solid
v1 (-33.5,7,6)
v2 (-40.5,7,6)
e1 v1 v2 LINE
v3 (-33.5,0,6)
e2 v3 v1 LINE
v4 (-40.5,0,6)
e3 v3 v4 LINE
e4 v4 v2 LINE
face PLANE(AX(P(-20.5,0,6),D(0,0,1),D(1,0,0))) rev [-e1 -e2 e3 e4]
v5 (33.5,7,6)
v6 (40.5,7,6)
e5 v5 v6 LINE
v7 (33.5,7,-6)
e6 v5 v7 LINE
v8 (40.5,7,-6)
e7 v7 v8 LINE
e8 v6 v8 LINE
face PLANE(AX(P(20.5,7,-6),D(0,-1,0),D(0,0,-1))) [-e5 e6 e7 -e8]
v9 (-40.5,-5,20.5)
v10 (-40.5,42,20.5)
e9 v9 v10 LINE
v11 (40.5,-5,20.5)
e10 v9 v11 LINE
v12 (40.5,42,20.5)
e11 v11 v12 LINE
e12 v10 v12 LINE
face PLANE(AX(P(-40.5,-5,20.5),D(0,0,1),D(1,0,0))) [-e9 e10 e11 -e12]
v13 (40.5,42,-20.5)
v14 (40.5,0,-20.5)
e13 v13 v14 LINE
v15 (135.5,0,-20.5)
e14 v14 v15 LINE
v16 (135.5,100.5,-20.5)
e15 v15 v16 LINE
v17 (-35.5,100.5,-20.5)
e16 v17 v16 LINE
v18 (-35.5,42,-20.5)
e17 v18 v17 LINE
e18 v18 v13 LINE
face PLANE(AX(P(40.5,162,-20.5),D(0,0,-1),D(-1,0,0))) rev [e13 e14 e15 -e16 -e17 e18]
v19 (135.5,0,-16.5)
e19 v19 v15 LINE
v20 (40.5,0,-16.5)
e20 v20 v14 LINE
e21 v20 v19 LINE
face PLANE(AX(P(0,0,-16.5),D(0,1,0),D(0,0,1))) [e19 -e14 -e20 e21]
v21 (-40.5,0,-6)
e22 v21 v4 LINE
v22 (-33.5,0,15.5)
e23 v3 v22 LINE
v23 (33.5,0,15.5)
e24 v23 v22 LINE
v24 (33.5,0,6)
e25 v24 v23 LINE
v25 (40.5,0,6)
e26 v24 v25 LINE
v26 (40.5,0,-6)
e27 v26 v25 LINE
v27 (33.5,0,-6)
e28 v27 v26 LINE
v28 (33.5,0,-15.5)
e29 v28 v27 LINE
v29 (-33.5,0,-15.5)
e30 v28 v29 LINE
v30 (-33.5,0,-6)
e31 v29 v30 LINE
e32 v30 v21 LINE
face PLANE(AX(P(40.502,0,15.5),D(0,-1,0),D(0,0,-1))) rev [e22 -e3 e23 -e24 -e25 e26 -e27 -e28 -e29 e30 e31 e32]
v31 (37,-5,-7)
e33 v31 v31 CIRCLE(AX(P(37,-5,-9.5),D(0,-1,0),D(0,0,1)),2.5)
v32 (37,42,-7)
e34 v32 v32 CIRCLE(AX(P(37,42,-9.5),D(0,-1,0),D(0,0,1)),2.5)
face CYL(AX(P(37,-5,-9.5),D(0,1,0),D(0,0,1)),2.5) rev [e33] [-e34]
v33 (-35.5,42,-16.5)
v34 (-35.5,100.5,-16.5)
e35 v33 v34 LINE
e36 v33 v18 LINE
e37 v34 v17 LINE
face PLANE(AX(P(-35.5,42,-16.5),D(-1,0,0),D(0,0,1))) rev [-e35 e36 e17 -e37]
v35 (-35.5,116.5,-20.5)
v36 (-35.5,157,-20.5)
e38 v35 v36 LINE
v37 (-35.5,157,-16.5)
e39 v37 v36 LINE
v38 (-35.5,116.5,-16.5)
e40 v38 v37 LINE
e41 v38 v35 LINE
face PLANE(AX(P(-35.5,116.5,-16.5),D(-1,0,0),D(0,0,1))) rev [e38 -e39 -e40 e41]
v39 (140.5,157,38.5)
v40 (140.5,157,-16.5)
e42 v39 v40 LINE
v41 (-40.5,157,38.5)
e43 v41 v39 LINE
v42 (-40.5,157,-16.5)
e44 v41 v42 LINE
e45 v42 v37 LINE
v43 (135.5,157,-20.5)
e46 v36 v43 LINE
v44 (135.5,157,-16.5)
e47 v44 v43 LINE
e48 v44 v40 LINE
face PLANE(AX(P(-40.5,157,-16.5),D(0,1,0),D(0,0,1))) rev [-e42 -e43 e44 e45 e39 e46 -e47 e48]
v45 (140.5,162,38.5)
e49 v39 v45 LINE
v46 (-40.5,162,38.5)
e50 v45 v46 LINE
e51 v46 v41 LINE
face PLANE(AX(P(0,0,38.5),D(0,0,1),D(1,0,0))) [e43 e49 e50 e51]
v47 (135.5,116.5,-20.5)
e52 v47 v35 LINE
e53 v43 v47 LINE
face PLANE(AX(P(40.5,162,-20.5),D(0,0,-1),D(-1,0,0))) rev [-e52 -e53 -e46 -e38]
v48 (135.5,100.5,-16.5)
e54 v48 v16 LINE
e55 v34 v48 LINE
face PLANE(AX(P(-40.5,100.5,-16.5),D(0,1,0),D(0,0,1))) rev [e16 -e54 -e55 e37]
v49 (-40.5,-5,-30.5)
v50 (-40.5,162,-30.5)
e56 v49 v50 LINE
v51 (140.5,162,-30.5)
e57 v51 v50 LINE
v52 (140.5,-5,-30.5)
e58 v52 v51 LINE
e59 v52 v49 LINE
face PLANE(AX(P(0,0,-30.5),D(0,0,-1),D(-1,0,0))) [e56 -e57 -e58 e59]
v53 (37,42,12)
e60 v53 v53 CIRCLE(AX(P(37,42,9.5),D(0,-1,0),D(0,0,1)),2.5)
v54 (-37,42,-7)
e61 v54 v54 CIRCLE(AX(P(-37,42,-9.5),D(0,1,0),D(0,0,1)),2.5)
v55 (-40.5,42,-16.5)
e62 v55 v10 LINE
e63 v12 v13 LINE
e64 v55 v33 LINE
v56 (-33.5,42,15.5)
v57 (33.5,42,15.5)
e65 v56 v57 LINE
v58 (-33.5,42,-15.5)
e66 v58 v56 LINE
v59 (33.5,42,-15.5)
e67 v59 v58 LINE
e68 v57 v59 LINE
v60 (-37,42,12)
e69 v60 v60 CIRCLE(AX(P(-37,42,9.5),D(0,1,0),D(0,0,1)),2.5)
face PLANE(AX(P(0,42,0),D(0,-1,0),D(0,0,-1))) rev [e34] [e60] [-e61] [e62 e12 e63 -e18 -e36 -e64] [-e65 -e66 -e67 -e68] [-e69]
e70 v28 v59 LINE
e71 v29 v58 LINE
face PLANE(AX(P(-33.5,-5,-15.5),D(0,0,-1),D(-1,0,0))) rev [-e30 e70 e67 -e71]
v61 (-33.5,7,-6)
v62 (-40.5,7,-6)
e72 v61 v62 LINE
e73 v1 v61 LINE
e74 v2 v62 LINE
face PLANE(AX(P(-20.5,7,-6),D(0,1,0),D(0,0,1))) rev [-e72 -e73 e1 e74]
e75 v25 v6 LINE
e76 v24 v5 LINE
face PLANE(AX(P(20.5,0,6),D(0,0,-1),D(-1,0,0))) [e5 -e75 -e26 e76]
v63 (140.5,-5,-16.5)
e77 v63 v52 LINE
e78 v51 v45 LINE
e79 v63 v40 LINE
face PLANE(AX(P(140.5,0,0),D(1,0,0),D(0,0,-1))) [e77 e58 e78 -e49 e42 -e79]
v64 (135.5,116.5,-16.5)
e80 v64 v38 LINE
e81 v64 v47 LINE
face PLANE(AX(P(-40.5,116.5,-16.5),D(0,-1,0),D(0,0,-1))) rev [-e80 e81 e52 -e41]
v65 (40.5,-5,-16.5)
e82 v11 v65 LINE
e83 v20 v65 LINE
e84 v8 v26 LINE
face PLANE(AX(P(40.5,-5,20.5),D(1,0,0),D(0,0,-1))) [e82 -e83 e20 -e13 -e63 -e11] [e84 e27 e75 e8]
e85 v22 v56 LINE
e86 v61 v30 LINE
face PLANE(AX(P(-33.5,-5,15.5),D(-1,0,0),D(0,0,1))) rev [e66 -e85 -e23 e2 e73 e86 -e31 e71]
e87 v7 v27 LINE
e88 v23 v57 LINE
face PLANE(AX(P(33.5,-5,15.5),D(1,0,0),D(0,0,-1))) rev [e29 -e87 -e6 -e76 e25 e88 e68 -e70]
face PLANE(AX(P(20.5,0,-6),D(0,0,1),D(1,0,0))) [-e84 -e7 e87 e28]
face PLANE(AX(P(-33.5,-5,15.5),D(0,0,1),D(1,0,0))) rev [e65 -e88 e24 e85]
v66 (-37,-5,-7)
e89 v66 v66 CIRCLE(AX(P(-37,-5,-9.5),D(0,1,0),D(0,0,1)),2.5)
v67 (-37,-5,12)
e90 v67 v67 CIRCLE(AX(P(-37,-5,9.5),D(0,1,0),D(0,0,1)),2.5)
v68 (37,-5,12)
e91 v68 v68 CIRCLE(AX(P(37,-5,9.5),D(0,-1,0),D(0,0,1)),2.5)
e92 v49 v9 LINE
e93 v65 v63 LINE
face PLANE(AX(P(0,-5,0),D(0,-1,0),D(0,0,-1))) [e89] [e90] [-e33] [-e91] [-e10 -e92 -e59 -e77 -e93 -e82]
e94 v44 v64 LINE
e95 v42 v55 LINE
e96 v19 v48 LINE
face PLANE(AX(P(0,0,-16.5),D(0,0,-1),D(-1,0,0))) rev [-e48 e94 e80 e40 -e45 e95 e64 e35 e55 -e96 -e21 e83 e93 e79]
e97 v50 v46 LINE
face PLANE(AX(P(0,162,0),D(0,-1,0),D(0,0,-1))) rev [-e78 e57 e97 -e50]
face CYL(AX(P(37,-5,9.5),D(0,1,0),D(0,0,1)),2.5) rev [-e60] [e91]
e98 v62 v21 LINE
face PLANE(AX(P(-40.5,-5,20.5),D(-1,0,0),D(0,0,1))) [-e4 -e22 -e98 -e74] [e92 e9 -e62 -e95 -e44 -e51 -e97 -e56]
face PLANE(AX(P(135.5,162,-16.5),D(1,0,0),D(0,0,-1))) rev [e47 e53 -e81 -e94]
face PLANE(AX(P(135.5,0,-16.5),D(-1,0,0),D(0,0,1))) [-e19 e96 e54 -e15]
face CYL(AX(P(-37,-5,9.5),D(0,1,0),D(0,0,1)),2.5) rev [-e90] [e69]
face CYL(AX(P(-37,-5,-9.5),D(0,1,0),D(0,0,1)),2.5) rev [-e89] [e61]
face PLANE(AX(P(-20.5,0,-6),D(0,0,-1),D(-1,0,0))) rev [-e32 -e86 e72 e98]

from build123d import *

# Parameters (mm, degrees)
SKETCH2_W                = 81
SKETCH2_H                = 41
SKETCH2_W_2              = 67
SKETCH2_H_2              = 31
BOSS_EXTRUDE1_DEPTH      = 42
BOSS_EXTRUDE1_DEPTH_BACK = 5
BOSS_EXTRUDE2_REACH      = 76
SKETCH3_W                = 31
SKETCH3_H                = 5
SKETCH4_R                = 2.5
CUT_EXTRUDE1_DEPTH       = 48
SKETCH5_W                = 12
SKETCH5_H                = 7
CUT_EXTRUDE2_DEPTH       = 20
SKETCH6_W                = 81
SKETCH6_H                = 47
BOSS_EXTRUDE3_DEPTH      = 10
SKETCH7_W                = 81
SKETCH7_H                = 10
BOSS_EXTRUDE4_DEPTH      = 120
SKETCH9_W                = 10
SKETCH9_H                = 167
BOSS_EXTRUDE6_DEPTH      = 100
SKETCH8_W                = 181
SKETCH8_H                = 16
BOSS_EXTRUDE5_DEPTH      = 4
SKETCH11_W               = 95
SKETCH11_H               = 5
SKETCH11_W_2             = 5
SKETCH11_H_2             = 100.5
SKETCH11_H_3             = 45.5
SKETCH11_W_3             = 181
SKETCH11_H_4             = 58.5
BOSS_EXTRUDE7_DEPTH      = 4
SKETCH12_W               = 181
SKETCH12_H               = 5
BOSS_EXTRUDE8_DEPTH      = 55


with BuildPart() as part:
    # Sketch2 → Boss-Extrude1 (new body, two sides)
    with BuildSketch(Plane(origin=(0, 0, 0), x_dir=(1, 0, 0), z_dir=(0, 1, 0))) as boss_extrude1_sk:
        Rectangle(SKETCH2_W, SKETCH2_H)
        Rectangle(SKETCH2_W_2, SKETCH2_H_2, mode=Mode.SUBTRACT)
    extrude(amount=BOSS_EXTRUDE1_DEPTH)
    extrude(boss_extrude1_sk.sketch, amount=-BOSS_EXTRUDE1_DEPTH_BACK)

    # Sketch3 → Boss-Extrude2 (add, up to next)
    with BuildSketch(Plane(origin=(-33.5, 0, 0), x_dir=(0, 0, -1), z_dir=(1, 0, 0)), mode=Mode.PRIVATE) as boss_extrude2_sk1:
        with Locations((0, -2.5)):
            Rectangle(SKETCH3_W, SKETCH3_H)
    boss_extrude2_tool1 = extrude(boss_extrude2_sk1.sketch, amount=BOSS_EXTRUDE2_REACH, mode=Mode.PRIVATE) - part.part
    add(boss_extrude2_tool1.solids().sort_by_distance((-33.5, -2.5, 0))[0])

    # Sketch4 → Cut-Extrude1 (cut, through all)
    with BuildSketch(Plane(origin=(0, 42, 0), x_dir=(1, 0, 0), z_dir=(0, 1, 0))):
        with Locations((-37, 9.5)):
            Circle(SKETCH4_R)
        with Locations((-37, -9.5)):
            Circle(SKETCH4_R)
    cut_extrude1 = extrude(amount=-CUT_EXTRUDE1_DEPTH, mode=Mode.SUBTRACT)

    # Sketch5 → Cut-Extrude2 (cut)
    with BuildSketch(Plane.ZY.offset(40.5)):
        with Locations((0, 3.5)):
            Rectangle(SKETCH5_W, SKETCH5_H)
    cut_extrude2 = extrude(amount=-CUT_EXTRUDE2_DEPTH, mode=Mode.SUBTRACT)

    # Mirror1: Cut-Extrude1, Cut-Extrude2 across plane
    add(cut_extrude1.mirror(Plane(origin=(0, 0, 0), x_dir=(0, 0, 1), z_dir=(1, 0, 0))), mode=Mode.SUBTRACT)
    add(cut_extrude2.mirror(Plane(origin=(0, 0, 0), x_dir=(0, 0, 1), z_dir=(1, 0, 0))), mode=Mode.SUBTRACT)

    # Sketch6 → Boss-Extrude3 (add)
    with BuildSketch(Plane(origin=(0, 0, -20.5), x_dir=(-1, 0, 0), z_dir=(0, 0, -1))):
        with Locations((0, 18.5)):
            Rectangle(SKETCH6_W, SKETCH6_H)
    extrude(amount=BOSS_EXTRUDE3_DEPTH)

    # Sketch7 → Boss-Extrude4 (add)
    with BuildSketch(Plane(origin=(0, 42, 0), x_dir=(1, 0, 0), z_dir=(0, 1, 0))):
        with Locations((0, 25.5)):
            Rectangle(SKETCH7_W, SKETCH7_H)
    extrude(amount=BOSS_EXTRUDE4_DEPTH)

    # Sketch9 → Boss-Extrude6 (add)
    with BuildSketch(Plane(origin=(40.5, 0, 0), x_dir=(0, 0, -1), z_dir=(1, 0, 0))):
        with Locations((25.5, 78.5)):
            Rectangle(SKETCH9_W, SKETCH9_H)
    extrude(amount=BOSS_EXTRUDE6_DEPTH)

    # Sketch8 → Boss-Extrude5 (add)
    with BuildSketch(Plane.XY.offset(-20.5)):
        with Locations((50, 108.5)):
            Rectangle(SKETCH8_W, SKETCH8_H)
    extrude(amount=BOSS_EXTRUDE5_DEPTH)

    # Sketch11 → Boss-Extrude7 (add)
    with BuildSketch(Plane.XY.offset(-20.5)):
        with Locations((88, -2.5)):
            Rectangle(SKETCH11_W, SKETCH11_H)
        with Locations((138, 50.25)):
            Rectangle(SKETCH11_W_2, SKETCH11_H_2)
        with Locations((138, -2.5)):
            Rectangle(SKETCH11_W_2, SKETCH11_H)
        with Locations((-38, 139.25)):
            Rectangle(SKETCH11_W_2, SKETCH11_H_3)
        with Locations((50, 159.5)):
            Rectangle(SKETCH11_W_3, SKETCH11_H)
        with Locations((138, 139.25)):
            Rectangle(SKETCH11_W_2, SKETCH11_H_3)
        with Locations((-38, 71.25)):
            Rectangle(SKETCH11_W_2, SKETCH11_H_4)
    extrude(amount=BOSS_EXTRUDE7_DEPTH)

    # Sketch12 → Boss-Extrude8 (add)
    with BuildSketch(Plane.XY.offset(-16.5)):
        with Locations((50, 159.5)):
            Rectangle(SKETCH12_W, SKETCH12_H)
    extrude(amount=BOSS_EXTRUDE8_DEPTH)


solid = part.part
